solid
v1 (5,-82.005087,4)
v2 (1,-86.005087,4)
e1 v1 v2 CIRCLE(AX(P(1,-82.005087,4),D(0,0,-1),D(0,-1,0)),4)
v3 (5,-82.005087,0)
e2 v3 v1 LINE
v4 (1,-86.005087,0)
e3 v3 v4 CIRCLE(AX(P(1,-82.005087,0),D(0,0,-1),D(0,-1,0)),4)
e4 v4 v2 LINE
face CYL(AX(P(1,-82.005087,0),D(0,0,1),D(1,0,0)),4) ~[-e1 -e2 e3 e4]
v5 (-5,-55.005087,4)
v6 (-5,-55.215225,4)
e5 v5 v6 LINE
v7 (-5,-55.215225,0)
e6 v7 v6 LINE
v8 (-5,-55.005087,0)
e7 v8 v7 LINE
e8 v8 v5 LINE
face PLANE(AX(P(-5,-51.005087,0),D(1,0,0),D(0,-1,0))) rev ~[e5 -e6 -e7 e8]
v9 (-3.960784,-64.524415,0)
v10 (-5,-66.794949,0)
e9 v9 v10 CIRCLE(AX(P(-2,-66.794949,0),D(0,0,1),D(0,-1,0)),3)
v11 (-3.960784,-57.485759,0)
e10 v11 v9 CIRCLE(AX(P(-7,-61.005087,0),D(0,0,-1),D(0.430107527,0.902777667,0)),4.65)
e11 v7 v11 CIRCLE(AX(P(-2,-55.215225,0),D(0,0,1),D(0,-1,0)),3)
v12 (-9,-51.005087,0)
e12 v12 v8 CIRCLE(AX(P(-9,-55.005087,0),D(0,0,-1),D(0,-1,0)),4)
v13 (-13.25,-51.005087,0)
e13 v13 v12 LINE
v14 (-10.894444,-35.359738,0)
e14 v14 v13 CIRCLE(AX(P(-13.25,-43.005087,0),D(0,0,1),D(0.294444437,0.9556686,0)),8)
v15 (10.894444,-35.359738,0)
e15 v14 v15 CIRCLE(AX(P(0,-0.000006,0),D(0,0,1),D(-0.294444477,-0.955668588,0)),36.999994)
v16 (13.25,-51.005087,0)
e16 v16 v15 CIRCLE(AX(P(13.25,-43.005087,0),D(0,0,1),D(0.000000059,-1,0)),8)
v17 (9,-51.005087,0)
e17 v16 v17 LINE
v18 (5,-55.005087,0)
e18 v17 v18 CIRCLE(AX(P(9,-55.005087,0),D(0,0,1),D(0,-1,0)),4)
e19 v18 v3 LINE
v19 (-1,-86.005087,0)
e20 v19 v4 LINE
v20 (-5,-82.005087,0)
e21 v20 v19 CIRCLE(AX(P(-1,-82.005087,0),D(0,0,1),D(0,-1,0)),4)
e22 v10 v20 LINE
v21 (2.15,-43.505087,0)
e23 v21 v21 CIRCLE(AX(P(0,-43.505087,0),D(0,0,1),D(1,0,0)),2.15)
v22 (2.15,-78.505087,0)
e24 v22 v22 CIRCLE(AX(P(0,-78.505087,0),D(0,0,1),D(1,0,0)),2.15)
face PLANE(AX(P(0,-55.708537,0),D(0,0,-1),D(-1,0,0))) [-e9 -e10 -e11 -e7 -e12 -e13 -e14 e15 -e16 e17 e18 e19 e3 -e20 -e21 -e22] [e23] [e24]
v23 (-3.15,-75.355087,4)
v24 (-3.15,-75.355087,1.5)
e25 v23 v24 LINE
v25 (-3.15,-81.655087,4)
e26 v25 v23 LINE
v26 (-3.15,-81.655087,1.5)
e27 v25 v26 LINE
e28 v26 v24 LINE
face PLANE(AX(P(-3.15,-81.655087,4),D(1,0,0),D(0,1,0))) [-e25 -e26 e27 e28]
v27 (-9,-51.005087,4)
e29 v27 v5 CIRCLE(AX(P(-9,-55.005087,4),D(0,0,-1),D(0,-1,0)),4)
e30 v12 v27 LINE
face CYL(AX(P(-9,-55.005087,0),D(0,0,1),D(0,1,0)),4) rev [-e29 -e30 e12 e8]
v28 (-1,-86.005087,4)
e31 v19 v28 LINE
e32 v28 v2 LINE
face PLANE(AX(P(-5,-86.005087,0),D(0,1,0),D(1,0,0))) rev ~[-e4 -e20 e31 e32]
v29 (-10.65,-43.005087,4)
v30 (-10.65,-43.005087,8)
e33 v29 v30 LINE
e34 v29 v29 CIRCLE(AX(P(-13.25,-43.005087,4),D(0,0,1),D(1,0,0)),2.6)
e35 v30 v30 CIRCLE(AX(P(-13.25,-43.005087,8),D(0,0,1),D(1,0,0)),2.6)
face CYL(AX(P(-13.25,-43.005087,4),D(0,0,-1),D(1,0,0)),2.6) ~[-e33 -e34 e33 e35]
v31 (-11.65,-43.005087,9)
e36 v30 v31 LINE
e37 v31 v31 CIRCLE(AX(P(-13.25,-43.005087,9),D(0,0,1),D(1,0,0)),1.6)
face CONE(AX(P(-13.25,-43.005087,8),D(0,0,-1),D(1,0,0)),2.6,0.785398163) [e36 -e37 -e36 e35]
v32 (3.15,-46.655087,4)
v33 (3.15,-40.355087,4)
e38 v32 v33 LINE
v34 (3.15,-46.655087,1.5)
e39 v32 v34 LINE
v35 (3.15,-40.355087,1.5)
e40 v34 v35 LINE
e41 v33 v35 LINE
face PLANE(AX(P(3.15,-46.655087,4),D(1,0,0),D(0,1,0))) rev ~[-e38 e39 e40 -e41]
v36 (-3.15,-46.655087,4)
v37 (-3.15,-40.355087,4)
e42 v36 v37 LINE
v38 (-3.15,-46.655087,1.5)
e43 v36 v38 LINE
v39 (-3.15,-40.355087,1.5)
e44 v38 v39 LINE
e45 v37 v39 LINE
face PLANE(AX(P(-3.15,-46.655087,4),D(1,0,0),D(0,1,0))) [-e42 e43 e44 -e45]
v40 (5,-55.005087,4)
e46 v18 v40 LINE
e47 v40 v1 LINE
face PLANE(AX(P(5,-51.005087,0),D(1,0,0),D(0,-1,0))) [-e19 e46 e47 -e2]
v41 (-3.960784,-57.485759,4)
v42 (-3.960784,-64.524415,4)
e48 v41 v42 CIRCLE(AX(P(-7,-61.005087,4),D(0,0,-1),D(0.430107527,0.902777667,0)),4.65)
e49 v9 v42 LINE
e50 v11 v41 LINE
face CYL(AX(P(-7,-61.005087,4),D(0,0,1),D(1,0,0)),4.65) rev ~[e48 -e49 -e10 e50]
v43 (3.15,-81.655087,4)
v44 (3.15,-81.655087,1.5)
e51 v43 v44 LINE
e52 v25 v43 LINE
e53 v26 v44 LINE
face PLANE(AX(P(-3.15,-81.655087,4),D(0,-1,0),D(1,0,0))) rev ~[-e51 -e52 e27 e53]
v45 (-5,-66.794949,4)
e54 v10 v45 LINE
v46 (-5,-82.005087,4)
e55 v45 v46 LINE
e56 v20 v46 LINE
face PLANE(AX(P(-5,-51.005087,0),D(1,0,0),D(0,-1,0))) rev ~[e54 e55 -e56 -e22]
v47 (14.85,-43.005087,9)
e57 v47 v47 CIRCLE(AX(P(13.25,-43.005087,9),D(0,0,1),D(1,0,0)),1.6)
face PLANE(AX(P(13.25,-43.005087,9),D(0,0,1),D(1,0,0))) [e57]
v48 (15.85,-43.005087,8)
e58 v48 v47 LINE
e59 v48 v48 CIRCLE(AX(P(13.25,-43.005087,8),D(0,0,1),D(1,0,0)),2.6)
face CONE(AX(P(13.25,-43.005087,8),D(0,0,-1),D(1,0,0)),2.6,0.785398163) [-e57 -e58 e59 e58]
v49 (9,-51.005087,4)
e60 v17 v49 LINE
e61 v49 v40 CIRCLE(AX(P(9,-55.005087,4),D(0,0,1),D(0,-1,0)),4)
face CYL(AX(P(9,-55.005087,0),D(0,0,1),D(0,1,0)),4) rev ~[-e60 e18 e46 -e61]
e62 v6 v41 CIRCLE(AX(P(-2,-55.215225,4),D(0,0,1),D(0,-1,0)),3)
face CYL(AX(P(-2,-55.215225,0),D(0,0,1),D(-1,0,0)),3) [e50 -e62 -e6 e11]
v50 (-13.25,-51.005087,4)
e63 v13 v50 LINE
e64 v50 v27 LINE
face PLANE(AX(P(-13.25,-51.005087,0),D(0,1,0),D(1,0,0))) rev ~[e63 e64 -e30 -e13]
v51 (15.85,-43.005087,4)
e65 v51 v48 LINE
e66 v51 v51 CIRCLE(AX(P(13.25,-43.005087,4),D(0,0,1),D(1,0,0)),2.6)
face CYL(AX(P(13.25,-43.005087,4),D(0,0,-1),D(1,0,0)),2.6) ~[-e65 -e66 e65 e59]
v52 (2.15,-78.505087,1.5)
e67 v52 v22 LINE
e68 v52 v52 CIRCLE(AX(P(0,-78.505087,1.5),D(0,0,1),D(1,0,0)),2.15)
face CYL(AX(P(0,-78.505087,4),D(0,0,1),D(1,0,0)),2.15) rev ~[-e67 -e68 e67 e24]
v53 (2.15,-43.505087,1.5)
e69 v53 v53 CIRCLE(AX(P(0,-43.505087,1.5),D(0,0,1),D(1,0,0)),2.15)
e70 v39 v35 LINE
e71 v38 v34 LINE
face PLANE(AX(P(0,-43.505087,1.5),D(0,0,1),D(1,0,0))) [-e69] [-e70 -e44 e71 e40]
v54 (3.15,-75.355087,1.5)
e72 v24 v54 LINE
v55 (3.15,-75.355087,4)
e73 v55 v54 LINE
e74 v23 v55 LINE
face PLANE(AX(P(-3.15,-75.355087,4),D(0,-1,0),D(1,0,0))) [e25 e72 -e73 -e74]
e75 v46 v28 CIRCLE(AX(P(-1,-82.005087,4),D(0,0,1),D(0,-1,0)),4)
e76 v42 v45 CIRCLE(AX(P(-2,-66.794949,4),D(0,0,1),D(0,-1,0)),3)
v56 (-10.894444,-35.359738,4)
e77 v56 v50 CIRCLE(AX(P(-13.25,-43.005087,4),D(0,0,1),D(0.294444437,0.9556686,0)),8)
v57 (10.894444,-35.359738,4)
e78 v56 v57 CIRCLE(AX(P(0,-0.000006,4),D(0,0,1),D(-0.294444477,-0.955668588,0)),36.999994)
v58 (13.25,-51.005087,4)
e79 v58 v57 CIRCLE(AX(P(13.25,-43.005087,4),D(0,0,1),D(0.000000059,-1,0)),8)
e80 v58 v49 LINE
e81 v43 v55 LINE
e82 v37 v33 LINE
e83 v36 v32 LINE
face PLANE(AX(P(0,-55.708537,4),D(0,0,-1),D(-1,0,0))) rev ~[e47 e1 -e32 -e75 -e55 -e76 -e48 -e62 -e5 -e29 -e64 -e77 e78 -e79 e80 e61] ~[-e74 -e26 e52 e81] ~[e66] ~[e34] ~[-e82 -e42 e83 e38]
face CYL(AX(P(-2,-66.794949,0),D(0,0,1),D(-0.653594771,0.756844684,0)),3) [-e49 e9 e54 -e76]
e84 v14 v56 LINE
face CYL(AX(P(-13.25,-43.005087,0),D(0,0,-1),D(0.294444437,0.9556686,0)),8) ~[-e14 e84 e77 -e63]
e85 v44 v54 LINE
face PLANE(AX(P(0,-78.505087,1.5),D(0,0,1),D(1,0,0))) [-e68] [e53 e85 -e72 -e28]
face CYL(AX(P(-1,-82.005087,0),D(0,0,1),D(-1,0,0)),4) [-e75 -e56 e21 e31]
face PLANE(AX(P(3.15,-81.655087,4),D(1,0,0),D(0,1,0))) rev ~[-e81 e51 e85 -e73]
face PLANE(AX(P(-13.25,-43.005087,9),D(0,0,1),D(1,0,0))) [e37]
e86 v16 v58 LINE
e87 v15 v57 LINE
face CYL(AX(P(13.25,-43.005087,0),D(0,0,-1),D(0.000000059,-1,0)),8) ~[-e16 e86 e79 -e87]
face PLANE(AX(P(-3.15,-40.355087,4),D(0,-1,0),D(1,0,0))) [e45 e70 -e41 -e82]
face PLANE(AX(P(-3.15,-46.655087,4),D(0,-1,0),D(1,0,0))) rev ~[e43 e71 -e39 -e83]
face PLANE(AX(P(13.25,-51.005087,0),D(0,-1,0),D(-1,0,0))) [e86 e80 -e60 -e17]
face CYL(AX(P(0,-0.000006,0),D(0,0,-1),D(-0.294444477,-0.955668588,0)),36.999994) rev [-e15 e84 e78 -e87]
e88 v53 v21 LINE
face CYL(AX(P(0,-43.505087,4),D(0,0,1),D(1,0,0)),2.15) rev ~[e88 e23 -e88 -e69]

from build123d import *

# Parameters (mm, degrees)
PAD015_DEPTH    = 4
SKETCH023_R     = 2.6
PAD016_DEPTH    = 5
SKETCH024_R     = 2.15
POCKET009_DEPTH = 4.001
SKETCH025_W     = 6.3
SKETCH025_H     = 6.3
POCKET010_DEPTH = 2.5
FILLET007_R     = 4
CHAMFER003_SIZE = 1
SKETCH026_R     = 4.65
POCKET011_DEPTH = 4.001
FILLET008_R     = 3


with BuildPart() as part:
    # Sketch022 → Pad015 (new body)
    with BuildSketch(Plane.XY):
        with BuildLine():
            ThreePointArc((-10.894444, -35.359738), (0, -37), (10.894444, -35.359738))
            ThreePointArc((13.25, -51.005087), (21.16084, -41.814035), (10.894444, -35.359738))
            Line((13.25, -51.005087), (5, -51.005087))
            Line((5, -51.005087), (5, -86.005087))
            Line((-5, -86.005087), (5, -86.005087))
            Line((-5, -51.005087), (-5, -86.005087))
            Line((-13.25, -51.005087), (-5, -51.005087))
            ThreePointArc((-10.894444, -35.359738), (-21.16084, -41.814035), (-13.25, -51.005087))
        make_face()
    extrude(amount=PAD015_DEPTH)

    # Sketch023 (on Face10 of Pad015) → Pad016 (join)
    with BuildSketch(Plane.XY.offset(4)):
        with Locations((-13.25, -43.005087)):
            Circle(SKETCH023_R)
        with Locations((13.25, -43.005087)):
            Circle(SKETCH023_R)
    extrude(amount=PAD016_DEPTH)

    # Sketch024 (on Face5 of Pad016) → Pocket009 (cut, through all)
    with BuildSketch(Plane.XY.offset(4)):
        with Locations((0, -43.505087)):
            Circle(SKETCH024_R)
        with Locations((0, -78.505087)):
            Circle(SKETCH024_R)
    extrude(amount=-POCKET009_DEPTH, mode=Mode.SUBTRACT)

    # Sketch025 (on Face5 of Pocket009) → Pocket010 (cut)
    with BuildSketch(Plane.XY.offset(4)):
        with Locations((0, -43.505087)):
            Rectangle(SKETCH025_W, SKETCH025_H)
        with Locations((0, -78.505087)):
            Rectangle(SKETCH025_W, SKETCH025_H)
    extrude(amount=-POCKET010_DEPTH, mode=Mode.SUBTRACT)

    # Fillet007
    fillet007_edges = [part.edges().sort_by_distance(p)[0] for p in [
        (5, -51.005087, 2),
        (-5, -51.005087, 2),
        (-5, -86.005087, 2),
        (5, -86.005087, 2),
    ]]
    fillet(fillet007_edges, radius=FILLET007_R)

    # Chamfer003
    chamfer003_edges = [part.edges().sort_by_distance(p)[0] for p in [
        (-15.85, -43.005087, 9),
        (10.65, -43.005087, 9),
    ]]
    chamfer(chamfer003_edges, length=CHAMFER003_SIZE)

    # Sketch026 (on Face3 of Chamfer003) → Pocket011 (cut, through all)
    with BuildSketch(Plane.XY.offset(4)):
        with Locations((-7, -61.005087)):
            Circle(SKETCH026_R)
    extrude(amount=-POCKET011_DEPTH, mode=Mode.SUBTRACT)

    # Fillet008
    fillet008_edges = [part.edges().sort_by_distance(p)[0] for p in [
        (-5, -56.807171, 2),
        (-5, -65.203003, 2),
    ]]
    fillet(fillet008_edges, radius=FILLET008_R)


solid = part.part
